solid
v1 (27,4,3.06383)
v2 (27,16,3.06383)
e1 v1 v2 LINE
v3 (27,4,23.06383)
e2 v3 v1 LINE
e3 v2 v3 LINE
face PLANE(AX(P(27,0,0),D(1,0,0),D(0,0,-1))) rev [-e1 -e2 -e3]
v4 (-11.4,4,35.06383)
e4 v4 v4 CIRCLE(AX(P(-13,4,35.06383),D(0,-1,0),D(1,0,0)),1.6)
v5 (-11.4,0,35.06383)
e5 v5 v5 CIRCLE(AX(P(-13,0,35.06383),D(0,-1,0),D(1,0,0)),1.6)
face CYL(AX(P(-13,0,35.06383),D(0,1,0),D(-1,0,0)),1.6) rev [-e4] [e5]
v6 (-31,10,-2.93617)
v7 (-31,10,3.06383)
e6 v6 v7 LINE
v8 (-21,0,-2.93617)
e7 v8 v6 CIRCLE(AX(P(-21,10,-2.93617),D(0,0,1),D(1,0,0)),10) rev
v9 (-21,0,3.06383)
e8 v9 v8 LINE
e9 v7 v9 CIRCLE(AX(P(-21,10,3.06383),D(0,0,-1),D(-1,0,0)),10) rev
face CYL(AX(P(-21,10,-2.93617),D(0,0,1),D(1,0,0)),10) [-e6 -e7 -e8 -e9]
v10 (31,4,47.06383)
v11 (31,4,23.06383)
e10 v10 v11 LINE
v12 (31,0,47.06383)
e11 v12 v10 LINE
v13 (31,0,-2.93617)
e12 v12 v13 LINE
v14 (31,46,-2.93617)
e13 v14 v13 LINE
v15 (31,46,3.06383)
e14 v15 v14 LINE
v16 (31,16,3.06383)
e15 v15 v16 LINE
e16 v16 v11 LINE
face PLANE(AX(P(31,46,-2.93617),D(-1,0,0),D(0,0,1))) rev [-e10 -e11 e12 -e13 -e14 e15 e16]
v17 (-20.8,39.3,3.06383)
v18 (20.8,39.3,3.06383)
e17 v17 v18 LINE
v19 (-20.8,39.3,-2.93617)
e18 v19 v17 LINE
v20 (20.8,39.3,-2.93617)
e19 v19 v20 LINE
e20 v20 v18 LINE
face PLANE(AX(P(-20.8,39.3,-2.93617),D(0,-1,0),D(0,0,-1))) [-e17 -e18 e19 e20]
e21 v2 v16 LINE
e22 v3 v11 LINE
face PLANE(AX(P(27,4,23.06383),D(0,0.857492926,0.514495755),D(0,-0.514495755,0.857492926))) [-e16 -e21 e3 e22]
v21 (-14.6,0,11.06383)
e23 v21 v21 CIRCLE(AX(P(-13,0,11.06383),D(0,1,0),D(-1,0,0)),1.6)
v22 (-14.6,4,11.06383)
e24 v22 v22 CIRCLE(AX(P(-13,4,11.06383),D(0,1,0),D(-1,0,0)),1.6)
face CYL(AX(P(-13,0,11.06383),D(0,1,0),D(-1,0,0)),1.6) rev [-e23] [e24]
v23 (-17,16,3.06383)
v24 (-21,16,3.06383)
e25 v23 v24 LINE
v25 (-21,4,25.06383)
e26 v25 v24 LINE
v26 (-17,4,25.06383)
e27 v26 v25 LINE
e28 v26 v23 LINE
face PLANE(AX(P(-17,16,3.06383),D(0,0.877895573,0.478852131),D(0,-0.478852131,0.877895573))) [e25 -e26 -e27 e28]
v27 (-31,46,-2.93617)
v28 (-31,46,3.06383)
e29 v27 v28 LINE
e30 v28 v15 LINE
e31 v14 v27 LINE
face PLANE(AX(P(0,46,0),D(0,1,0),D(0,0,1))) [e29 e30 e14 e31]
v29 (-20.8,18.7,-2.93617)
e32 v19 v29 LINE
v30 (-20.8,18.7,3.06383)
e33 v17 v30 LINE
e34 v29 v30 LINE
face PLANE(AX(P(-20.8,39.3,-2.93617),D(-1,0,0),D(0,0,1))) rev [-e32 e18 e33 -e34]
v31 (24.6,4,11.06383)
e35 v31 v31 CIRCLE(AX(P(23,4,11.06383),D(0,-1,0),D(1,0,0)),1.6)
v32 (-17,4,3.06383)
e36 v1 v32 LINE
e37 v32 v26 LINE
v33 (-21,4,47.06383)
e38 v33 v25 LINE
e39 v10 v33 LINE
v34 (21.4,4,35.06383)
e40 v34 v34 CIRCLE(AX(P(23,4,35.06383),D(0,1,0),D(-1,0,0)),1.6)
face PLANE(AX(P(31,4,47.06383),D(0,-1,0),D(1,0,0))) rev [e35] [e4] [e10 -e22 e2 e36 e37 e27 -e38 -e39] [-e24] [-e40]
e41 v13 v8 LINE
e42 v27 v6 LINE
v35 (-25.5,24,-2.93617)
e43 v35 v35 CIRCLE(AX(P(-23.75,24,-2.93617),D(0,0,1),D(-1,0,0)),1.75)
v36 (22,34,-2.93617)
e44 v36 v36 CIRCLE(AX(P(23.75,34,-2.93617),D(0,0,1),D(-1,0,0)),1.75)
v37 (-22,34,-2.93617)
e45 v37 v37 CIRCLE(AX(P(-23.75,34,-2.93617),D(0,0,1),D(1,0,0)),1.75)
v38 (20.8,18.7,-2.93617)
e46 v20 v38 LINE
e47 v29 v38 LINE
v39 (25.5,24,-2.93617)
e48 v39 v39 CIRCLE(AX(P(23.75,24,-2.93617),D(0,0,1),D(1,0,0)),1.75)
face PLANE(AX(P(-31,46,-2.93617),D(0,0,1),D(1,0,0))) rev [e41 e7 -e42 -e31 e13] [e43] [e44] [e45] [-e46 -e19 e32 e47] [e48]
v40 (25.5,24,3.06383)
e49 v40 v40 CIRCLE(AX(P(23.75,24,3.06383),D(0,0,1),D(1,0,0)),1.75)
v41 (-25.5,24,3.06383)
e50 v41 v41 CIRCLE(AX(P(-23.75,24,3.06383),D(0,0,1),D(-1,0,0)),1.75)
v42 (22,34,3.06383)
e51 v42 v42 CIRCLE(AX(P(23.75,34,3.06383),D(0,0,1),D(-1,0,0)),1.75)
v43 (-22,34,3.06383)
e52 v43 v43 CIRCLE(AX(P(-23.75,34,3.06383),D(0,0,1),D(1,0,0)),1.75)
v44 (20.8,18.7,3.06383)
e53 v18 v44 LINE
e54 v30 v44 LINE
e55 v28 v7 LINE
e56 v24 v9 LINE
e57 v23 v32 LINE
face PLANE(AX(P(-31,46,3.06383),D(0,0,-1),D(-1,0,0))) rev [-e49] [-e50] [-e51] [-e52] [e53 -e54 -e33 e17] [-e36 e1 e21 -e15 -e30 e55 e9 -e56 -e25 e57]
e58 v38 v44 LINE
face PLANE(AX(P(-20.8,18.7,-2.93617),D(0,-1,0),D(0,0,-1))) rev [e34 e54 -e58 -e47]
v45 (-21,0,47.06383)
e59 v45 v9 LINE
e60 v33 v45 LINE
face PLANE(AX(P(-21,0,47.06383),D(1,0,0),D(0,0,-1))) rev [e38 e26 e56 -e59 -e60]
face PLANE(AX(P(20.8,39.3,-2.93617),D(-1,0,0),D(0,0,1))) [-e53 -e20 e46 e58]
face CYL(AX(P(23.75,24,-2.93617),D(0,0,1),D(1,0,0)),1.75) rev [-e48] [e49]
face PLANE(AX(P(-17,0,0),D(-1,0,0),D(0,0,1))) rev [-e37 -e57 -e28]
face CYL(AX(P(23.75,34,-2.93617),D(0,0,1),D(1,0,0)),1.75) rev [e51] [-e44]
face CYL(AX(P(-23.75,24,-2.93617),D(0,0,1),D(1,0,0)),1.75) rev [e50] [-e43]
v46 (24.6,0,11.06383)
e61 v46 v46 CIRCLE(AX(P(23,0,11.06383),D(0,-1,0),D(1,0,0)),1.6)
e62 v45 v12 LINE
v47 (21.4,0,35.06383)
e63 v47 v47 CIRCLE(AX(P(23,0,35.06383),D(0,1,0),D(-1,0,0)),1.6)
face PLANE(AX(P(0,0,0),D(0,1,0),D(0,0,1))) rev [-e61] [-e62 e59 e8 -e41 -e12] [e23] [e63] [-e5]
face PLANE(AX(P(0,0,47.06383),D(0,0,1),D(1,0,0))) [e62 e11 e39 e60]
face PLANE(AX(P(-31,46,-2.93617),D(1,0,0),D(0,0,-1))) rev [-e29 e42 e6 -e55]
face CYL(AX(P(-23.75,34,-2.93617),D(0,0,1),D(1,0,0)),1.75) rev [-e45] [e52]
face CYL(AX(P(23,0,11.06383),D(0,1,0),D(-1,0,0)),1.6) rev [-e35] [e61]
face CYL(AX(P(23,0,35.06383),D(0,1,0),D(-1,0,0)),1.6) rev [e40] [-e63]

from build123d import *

# Parameters (mm, degrees)
SCHIZZO1_W                    = 62
SCHIZZO1_H                    = 6
ESTRUSIONE_ESTRUSIONE1_DEPTH  = 46
TAGLIO_ESTRUSIONE1_DEPTH      = 56.555261254
TAGLIO_ESTRUSIONE1_DEPTH_BACK = 56.555261254
SCHIZZO3_W                    = 41.6
SCHIZZO3_H                    = 20.6
SCHIZZO6_R                    = 1.75
TAGLIO_ESTRUSIONE2_DEPTH      = 56.794264938
SCHIZZO7_W                    = 52
SCHIZZO7_H                    = 4
ESTRUSIONE_ESTRUSIONE3_DEPTH  = 44
SCHIZZO10_R                   = 1.6
TAGLIO_ESTRUSIONE4_DEPTH      = 71.285162547
ESTRUSIONE_ESTRUSIONE4_DEPTH  = 4
ESTRUSIONE_ESTRUSIONE5_DEPTH  = 4
RACCORDO3_R                   = 10


with BuildPart() as part:
    # Schizzo1 → Estrusione-Estrusione1 (new body)
    with BuildSketch(Plane(origin=(0, 0, 0), x_dir=(1, 0, 0), z_dir=(0, 1, 0))):
        with Locations((0, -0.063829787)):
            Rectangle(SCHIZZO1_W, SCHIZZO1_H)
    extrude(amount=ESTRUSIONE_ESTRUSIONE1_DEPTH)

    # Schizzo3 → Taglio-Estrusione1 (cut, two sides: drawn at the far end of the back side and taken through both)
    with BuildSketch(Plane.XY.offset(-TAGLIO_ESTRUSIONE1_DEPTH_BACK)):
        with Locations((0, 29)):
            Rectangle(SCHIZZO3_W, SCHIZZO3_H)
    extrude(amount=TAGLIO_ESTRUSIONE1_DEPTH + TAGLIO_ESTRUSIONE1_DEPTH_BACK, mode=Mode.SUBTRACT)

    # Schizzo6 → Taglio-Estrusione2 (cut, through all)
    with BuildSketch(Plane.XY.offset(3.063829787)):
        with Locations((-23.75, 34)):
            Circle(SCHIZZO6_R)
        with Locations(Location((-23.75, 24, 0), (0, 0, 180))):
            Circle(SCHIZZO6_R)
        with Locations((23.75, 24)):
            Circle(SCHIZZO6_R)
        with Locations(Location((23.75, 34, 0), (0, 0, 180))):
            Circle(SCHIZZO6_R)
    extrude(amount=-TAGLIO_ESTRUSIONE2_DEPTH, mode=Mode.SUBTRACT)

    # Schizzo7 → Estrusione-Estrusione3 (add)
    with BuildSketch(Plane.XY.offset(3.063829787)):
        with Locations((5, 2)):
            Rectangle(SCHIZZO7_W, SCHIZZO7_H)
    extrude(amount=ESTRUSIONE_ESTRUSIONE3_DEPTH)

    # Schizzo10 → Taglio-Estrusione4 (cut, through all)
    with BuildSketch(Plane(origin=(0, 4, 0), x_dir=(1, 0, 0), z_dir=(0, 1, 0))):
        with Locations(Location((-13, -11.063829787, 0), (0, 0, 180))):
            Circle(SCHIZZO10_R)
        with Locations((-13, -35.063829787)):
            Circle(SCHIZZO10_R)
        with Locations(Location((23, -35.063829787, 0), (0, 0, 180))):
            Circle(SCHIZZO10_R)
        with Locations((23, -11.063829787)):
            Circle(SCHIZZO10_R)
    extrude(amount=-TAGLIO_ESTRUSIONE4_DEPTH, mode=Mode.SUBTRACT)

    # Schizzo13 → Estrusione-Estrusione4 (add)
    with BuildSketch(Plane(origin=(31, 0, 0), x_dir=(0, 0, -1), z_dir=(1, 0, 0))):
        Polygon((-23.063829787, 4), (-3.063829787, 16), (-3.063829787, 4), align=None)
    extrude(amount=-ESTRUSIONE_ESTRUSIONE4_DEPTH)

    # Schizzo15 → Estrusione-Estrusione5 (add)
    with BuildSketch(Plane.ZY.offset(21)):
        Polygon((25.063829787, 4), (3.063829787, 4), (3.063829787, 16), align=None)
    extrude(amount=-ESTRUSIONE_ESTRUSIONE5_DEPTH)

    # Raccordo3
    raccordo3_edges = [part.edges().sort_by_distance(p)[0] for p in [
        (-31, 0, 0.063829787),
    ]]
    fillet(raccordo3_edges, radius=RACCORDO3_R)


solid = part.part
